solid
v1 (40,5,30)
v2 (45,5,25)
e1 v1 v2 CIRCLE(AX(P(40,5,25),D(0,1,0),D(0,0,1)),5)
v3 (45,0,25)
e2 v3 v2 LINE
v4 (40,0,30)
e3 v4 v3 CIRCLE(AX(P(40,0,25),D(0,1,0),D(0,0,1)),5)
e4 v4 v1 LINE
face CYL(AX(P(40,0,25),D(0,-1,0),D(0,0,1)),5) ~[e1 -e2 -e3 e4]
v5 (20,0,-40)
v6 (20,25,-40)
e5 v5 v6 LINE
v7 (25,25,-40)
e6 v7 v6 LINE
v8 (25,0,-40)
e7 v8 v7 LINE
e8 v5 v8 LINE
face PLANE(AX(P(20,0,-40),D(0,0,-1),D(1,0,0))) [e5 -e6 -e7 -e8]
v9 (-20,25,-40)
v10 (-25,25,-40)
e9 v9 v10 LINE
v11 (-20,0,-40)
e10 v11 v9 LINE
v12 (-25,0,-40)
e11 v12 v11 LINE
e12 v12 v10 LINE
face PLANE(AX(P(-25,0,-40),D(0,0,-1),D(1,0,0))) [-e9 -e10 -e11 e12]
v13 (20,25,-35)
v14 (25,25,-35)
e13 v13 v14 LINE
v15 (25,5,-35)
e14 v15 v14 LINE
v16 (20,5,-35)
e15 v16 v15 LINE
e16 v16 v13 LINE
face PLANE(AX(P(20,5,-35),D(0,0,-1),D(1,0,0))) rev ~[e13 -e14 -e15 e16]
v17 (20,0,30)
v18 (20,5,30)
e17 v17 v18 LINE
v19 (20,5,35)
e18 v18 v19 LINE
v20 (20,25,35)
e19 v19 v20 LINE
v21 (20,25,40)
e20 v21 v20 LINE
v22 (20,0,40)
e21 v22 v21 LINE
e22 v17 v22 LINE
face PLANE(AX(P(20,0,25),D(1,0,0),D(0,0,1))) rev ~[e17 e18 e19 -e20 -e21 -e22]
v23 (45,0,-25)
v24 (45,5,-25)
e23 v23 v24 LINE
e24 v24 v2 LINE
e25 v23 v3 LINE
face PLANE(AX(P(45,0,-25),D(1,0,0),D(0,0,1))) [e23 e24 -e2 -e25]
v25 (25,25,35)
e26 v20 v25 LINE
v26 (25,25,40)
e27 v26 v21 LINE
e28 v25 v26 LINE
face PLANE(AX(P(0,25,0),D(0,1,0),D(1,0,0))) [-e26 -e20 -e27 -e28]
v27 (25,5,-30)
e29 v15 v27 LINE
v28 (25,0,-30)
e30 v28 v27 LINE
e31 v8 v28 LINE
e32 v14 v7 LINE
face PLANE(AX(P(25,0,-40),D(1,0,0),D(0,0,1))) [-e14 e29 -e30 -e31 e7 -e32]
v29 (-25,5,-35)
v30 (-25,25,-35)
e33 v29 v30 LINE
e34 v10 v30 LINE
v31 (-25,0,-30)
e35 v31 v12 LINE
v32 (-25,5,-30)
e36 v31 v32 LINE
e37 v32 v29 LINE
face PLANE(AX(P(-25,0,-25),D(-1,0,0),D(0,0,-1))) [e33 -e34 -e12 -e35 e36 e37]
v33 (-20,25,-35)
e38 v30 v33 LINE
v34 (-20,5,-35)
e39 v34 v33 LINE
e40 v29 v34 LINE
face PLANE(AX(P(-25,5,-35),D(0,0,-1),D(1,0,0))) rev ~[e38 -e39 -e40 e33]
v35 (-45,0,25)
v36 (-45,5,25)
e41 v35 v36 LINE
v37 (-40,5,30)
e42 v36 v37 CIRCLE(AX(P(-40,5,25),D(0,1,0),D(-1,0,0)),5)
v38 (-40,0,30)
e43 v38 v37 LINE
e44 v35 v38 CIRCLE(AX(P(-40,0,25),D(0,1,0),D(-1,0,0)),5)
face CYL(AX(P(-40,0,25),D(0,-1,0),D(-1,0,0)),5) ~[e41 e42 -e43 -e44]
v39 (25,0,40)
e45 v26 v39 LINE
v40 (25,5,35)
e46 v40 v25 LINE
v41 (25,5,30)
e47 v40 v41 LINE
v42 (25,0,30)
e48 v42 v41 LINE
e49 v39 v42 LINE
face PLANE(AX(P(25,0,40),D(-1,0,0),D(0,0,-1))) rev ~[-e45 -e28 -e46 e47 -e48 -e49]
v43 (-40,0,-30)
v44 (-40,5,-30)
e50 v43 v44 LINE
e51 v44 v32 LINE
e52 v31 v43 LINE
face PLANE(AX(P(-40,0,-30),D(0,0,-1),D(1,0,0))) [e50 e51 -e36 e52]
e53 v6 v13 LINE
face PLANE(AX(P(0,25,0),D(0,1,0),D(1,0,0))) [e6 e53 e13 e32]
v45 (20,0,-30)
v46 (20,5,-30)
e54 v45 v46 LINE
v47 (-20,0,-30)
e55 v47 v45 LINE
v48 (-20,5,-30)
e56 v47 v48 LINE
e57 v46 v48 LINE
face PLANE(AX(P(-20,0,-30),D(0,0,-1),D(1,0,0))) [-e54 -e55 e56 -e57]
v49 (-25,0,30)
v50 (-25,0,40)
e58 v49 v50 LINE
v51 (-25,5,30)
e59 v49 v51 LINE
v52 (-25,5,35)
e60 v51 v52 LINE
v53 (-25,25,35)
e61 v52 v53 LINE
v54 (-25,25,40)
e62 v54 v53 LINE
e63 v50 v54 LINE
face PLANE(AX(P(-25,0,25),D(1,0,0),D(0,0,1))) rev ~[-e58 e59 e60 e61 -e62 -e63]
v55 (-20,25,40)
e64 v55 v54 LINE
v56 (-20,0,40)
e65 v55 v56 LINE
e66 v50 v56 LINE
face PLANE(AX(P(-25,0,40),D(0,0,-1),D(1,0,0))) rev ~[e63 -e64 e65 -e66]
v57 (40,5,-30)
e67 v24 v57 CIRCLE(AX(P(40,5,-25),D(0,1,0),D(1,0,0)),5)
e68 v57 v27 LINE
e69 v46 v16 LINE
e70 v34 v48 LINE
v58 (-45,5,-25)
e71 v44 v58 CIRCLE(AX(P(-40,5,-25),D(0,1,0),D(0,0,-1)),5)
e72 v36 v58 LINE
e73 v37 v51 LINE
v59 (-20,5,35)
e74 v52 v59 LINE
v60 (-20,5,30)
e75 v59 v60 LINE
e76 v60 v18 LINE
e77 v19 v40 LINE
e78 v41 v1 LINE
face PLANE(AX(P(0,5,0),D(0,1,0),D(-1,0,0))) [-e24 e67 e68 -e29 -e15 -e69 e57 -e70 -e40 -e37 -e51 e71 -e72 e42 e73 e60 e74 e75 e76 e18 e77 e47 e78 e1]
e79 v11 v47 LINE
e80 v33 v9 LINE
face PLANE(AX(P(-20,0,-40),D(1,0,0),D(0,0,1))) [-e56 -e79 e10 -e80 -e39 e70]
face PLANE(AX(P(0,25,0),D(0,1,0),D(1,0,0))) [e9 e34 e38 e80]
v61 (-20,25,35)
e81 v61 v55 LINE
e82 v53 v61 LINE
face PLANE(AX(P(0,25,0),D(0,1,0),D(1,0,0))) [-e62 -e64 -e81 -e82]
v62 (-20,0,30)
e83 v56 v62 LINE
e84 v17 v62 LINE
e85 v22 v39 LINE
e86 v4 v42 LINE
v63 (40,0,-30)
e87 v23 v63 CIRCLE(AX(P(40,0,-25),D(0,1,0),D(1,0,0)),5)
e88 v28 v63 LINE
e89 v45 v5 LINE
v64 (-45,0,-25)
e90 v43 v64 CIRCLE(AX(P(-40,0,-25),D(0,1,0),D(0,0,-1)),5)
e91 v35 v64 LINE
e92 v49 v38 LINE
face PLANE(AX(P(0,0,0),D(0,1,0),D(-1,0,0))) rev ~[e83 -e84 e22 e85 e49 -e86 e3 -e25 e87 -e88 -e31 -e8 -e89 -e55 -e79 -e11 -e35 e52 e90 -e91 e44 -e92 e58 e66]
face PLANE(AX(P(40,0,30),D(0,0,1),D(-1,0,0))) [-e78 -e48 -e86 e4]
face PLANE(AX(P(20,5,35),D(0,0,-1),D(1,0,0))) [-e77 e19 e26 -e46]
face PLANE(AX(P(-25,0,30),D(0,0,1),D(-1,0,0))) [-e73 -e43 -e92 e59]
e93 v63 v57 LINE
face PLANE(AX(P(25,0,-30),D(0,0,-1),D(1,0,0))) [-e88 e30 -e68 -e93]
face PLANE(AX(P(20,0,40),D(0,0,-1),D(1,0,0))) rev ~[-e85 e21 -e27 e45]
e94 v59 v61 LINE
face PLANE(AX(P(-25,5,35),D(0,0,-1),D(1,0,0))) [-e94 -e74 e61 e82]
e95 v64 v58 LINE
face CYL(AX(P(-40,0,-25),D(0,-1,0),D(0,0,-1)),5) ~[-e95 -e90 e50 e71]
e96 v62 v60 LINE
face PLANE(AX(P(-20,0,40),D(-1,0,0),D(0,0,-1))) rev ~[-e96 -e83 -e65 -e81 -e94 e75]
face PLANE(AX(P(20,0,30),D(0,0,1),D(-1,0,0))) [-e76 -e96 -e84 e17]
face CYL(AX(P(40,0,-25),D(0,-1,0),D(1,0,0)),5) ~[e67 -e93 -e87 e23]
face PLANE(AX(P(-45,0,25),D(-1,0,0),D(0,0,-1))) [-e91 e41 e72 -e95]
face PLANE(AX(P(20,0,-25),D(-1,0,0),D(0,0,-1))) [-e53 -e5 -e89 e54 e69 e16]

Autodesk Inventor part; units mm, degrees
ref_plane "YZ Plane" through (0, 0, 0) normal (1, 0, 0) x (0, 1, 0)
ref_plane "XZ Plane" through (0, 0, 0) normal (0, 1, 0) x (-1, 0, 0)
ref_plane "XY Plane" through (0, 0, 0) normal (0, 0, 1) x (1, 0, 0)
sketch "Szkic1" plane through (0, 0, 0) normal (0, 1, 0) x (-1, 0, 0)
  line L0 (40, -30) -> (25, -30)
  line L1 (-45, -25) -> (-45, 25)
  line L2 (-40, 30) -> (-25, 30)
  line L3 (45, 25) -> (45, -25)
  arc A0 (45, 25) -> (40, 30) centre (40, 25) ccw
  arc A1 (40, -30) -> (45, -25) centre (40, -25) ccw
  arc A2 (-45, -25) -> (-40, -30) centre (-40, -25) ccw
  arc A3 (-40, 30) -> (-45, 25) centre (-40, 25) ccw
  line L4 (40, 30) -> (35, 30)
  line L5 (20, 30) -> (20, 25)
  line L6 (20, 25) -> (25, 25)
  line L7 (25, 25) -> (25, 30)
  line L8 (2.5, 30) -> (-2.5, 30)
  line L9 (-25, 30) -> (-25, 25)
  line L10 (-25, 25) -> (-20, 25)
  line L11 (-20, 25) -> (-20, 30)
  line L12 (-35, 30) -> (-40, 30)
  line L13 (35, -30) -> (40, -30)
  line L14 (25, -25) -> (20, -25)
  line L15 (20, -25) -> (20, -30)
  line L16 (25, -30) -> (25, -25)
  line L17 (-2.5, -30) -> (2.5, -30)
  line L18 (-20, -25) -> (-25, -25)
  line L19 (-25, -25) -> (-25, -30)
  line L20 (-20, -30) -> (-20, -25)
  line L21 (-40, -30) -> (-35, -30)
  line L22 (20, -30) -> (-20, -30)
  line L23 (-25, -30) -> (-40, -30)
  line L24 (-20, 30) -> (20, 30)
  line L25 (25, 30) -> (40, 30)
  point P0 (0, 0)
  point P1 (40, -30)
  dimension "d2" = 5
  dimension "d5" = 5
  dimension "d6" = 5
  dimension "d9" = 5
  dimension "d12" = 5
  dimension "d13" = 5
  dimension "d15" = 5
  dimension "d17" = 5
  dimension "d19" = 5
  dimension "d21" = 5
ref_plane "Płaszczyzna konstrukcyjna2" through (0, 0, 0) normal (0, -1, 0) x (1, 0, 0)
sketch "Szkic5" plane through (0, 0, 0) normal (0, -1, 0) x (1, 0, 0)
  line L0 (25, 25) -> (20, 25)
  line L1 (20, 25) -> (20, 40)
  line L2 (20, 40) -> (25, 40)
  line L3 (25, 40) -> (25, 25)
  line L4 (-20, 25) -> (-25, 25)
  line L5 (-25, 25) -> (-25, 40)
  line L6 (-25, 40) -> (-20, 40)
  line L7 (-20, 40) -> (-20, 25)
  line L8 (25, -25) -> (20, -25)
  line L9 (20, -25) -> (20, -40)
  line L10 (20, -40) -> (25, -40)
  line L11 (25, -40) -> (25, -25)
  line L12 (-20, -25) -> (-25, -25)
  line L13 (-25, -25) -> (-25, -40)
  line L14 (-25, -40) -> (-20, -40)
  line L15 (-20, -40) -> (-20, -25)
  point P0 (0, 0)
  dimension "d56" = 5
  dimension "d57" = 15
  dimension "d58" = 5
  dimension "d59" = 15
  dimension "d60" = 5
  dimension "d61" = 15
  dimension "d62" = 5
  dimension "d63" = 15
extrude "Wyciągnięcie proste5" add sketch "Szkic5" against normal blind 5
ref_plane "Płaszczyzna konstrukcyjna3" through (0, 5, 0) normal (0, 1, 0) x (1, 0, 0)
sketch "Szkic6" plane through (0, 5, 0) normal (0, 1, 0) x (1, 0, 0)
  line L0 (25, -40) -> (20, -40)
  line L1 (20, -40) -> (20, -35)
  line L2 (20, -35) -> (25, -35)
  line L3 (25, -35) -> (25, -40)
  line L4 (-20, -40) -> (-25, -40)
  line L5 (-25, -40) -> (-25, -35)
  line L6 (-25, -35) -> (-20, -35)
  line L7 (-20, -35) -> (-20, -40)
  line L8 (25, 40) -> (20, 40)
  line L9 (20, 40) -> (20, 35)
  line L10 (20, 35) -> (25, 35)
  line L11 (25, 35) -> (25, 40)
  line L12 (-20, 40) -> (-25, 40)
  line L13 (-25, 40) -> (-25, 35)
  line L14 (-25, 35) -> (-20, 35)
  line L15 (-20, 35) -> (-20, 40)
  point P0 (0, 0)
  dimension "d64" = 5
  dimension "d66" = 5
  dimension "d67" = 5
  dimension "d68" = 5
  dimension "d69" = 5
  dimension "d70" = 5
  dimension "d71" = 5
  dimension "d72" = 5
  dimension "d73" = 5
extrude "Wyciągnięcie proste6" add sketch "Szkic6" along normal blind 20
extrude "Wyciągnięcie proste7" add sketch "Szkic1" along normal blind 5
sketch "Szkic7" plane through (0, 0, 0) normal (0, -1, 0) x (1, 0, 0)
  point P0 (0, 0)
properties part number "Floor"
